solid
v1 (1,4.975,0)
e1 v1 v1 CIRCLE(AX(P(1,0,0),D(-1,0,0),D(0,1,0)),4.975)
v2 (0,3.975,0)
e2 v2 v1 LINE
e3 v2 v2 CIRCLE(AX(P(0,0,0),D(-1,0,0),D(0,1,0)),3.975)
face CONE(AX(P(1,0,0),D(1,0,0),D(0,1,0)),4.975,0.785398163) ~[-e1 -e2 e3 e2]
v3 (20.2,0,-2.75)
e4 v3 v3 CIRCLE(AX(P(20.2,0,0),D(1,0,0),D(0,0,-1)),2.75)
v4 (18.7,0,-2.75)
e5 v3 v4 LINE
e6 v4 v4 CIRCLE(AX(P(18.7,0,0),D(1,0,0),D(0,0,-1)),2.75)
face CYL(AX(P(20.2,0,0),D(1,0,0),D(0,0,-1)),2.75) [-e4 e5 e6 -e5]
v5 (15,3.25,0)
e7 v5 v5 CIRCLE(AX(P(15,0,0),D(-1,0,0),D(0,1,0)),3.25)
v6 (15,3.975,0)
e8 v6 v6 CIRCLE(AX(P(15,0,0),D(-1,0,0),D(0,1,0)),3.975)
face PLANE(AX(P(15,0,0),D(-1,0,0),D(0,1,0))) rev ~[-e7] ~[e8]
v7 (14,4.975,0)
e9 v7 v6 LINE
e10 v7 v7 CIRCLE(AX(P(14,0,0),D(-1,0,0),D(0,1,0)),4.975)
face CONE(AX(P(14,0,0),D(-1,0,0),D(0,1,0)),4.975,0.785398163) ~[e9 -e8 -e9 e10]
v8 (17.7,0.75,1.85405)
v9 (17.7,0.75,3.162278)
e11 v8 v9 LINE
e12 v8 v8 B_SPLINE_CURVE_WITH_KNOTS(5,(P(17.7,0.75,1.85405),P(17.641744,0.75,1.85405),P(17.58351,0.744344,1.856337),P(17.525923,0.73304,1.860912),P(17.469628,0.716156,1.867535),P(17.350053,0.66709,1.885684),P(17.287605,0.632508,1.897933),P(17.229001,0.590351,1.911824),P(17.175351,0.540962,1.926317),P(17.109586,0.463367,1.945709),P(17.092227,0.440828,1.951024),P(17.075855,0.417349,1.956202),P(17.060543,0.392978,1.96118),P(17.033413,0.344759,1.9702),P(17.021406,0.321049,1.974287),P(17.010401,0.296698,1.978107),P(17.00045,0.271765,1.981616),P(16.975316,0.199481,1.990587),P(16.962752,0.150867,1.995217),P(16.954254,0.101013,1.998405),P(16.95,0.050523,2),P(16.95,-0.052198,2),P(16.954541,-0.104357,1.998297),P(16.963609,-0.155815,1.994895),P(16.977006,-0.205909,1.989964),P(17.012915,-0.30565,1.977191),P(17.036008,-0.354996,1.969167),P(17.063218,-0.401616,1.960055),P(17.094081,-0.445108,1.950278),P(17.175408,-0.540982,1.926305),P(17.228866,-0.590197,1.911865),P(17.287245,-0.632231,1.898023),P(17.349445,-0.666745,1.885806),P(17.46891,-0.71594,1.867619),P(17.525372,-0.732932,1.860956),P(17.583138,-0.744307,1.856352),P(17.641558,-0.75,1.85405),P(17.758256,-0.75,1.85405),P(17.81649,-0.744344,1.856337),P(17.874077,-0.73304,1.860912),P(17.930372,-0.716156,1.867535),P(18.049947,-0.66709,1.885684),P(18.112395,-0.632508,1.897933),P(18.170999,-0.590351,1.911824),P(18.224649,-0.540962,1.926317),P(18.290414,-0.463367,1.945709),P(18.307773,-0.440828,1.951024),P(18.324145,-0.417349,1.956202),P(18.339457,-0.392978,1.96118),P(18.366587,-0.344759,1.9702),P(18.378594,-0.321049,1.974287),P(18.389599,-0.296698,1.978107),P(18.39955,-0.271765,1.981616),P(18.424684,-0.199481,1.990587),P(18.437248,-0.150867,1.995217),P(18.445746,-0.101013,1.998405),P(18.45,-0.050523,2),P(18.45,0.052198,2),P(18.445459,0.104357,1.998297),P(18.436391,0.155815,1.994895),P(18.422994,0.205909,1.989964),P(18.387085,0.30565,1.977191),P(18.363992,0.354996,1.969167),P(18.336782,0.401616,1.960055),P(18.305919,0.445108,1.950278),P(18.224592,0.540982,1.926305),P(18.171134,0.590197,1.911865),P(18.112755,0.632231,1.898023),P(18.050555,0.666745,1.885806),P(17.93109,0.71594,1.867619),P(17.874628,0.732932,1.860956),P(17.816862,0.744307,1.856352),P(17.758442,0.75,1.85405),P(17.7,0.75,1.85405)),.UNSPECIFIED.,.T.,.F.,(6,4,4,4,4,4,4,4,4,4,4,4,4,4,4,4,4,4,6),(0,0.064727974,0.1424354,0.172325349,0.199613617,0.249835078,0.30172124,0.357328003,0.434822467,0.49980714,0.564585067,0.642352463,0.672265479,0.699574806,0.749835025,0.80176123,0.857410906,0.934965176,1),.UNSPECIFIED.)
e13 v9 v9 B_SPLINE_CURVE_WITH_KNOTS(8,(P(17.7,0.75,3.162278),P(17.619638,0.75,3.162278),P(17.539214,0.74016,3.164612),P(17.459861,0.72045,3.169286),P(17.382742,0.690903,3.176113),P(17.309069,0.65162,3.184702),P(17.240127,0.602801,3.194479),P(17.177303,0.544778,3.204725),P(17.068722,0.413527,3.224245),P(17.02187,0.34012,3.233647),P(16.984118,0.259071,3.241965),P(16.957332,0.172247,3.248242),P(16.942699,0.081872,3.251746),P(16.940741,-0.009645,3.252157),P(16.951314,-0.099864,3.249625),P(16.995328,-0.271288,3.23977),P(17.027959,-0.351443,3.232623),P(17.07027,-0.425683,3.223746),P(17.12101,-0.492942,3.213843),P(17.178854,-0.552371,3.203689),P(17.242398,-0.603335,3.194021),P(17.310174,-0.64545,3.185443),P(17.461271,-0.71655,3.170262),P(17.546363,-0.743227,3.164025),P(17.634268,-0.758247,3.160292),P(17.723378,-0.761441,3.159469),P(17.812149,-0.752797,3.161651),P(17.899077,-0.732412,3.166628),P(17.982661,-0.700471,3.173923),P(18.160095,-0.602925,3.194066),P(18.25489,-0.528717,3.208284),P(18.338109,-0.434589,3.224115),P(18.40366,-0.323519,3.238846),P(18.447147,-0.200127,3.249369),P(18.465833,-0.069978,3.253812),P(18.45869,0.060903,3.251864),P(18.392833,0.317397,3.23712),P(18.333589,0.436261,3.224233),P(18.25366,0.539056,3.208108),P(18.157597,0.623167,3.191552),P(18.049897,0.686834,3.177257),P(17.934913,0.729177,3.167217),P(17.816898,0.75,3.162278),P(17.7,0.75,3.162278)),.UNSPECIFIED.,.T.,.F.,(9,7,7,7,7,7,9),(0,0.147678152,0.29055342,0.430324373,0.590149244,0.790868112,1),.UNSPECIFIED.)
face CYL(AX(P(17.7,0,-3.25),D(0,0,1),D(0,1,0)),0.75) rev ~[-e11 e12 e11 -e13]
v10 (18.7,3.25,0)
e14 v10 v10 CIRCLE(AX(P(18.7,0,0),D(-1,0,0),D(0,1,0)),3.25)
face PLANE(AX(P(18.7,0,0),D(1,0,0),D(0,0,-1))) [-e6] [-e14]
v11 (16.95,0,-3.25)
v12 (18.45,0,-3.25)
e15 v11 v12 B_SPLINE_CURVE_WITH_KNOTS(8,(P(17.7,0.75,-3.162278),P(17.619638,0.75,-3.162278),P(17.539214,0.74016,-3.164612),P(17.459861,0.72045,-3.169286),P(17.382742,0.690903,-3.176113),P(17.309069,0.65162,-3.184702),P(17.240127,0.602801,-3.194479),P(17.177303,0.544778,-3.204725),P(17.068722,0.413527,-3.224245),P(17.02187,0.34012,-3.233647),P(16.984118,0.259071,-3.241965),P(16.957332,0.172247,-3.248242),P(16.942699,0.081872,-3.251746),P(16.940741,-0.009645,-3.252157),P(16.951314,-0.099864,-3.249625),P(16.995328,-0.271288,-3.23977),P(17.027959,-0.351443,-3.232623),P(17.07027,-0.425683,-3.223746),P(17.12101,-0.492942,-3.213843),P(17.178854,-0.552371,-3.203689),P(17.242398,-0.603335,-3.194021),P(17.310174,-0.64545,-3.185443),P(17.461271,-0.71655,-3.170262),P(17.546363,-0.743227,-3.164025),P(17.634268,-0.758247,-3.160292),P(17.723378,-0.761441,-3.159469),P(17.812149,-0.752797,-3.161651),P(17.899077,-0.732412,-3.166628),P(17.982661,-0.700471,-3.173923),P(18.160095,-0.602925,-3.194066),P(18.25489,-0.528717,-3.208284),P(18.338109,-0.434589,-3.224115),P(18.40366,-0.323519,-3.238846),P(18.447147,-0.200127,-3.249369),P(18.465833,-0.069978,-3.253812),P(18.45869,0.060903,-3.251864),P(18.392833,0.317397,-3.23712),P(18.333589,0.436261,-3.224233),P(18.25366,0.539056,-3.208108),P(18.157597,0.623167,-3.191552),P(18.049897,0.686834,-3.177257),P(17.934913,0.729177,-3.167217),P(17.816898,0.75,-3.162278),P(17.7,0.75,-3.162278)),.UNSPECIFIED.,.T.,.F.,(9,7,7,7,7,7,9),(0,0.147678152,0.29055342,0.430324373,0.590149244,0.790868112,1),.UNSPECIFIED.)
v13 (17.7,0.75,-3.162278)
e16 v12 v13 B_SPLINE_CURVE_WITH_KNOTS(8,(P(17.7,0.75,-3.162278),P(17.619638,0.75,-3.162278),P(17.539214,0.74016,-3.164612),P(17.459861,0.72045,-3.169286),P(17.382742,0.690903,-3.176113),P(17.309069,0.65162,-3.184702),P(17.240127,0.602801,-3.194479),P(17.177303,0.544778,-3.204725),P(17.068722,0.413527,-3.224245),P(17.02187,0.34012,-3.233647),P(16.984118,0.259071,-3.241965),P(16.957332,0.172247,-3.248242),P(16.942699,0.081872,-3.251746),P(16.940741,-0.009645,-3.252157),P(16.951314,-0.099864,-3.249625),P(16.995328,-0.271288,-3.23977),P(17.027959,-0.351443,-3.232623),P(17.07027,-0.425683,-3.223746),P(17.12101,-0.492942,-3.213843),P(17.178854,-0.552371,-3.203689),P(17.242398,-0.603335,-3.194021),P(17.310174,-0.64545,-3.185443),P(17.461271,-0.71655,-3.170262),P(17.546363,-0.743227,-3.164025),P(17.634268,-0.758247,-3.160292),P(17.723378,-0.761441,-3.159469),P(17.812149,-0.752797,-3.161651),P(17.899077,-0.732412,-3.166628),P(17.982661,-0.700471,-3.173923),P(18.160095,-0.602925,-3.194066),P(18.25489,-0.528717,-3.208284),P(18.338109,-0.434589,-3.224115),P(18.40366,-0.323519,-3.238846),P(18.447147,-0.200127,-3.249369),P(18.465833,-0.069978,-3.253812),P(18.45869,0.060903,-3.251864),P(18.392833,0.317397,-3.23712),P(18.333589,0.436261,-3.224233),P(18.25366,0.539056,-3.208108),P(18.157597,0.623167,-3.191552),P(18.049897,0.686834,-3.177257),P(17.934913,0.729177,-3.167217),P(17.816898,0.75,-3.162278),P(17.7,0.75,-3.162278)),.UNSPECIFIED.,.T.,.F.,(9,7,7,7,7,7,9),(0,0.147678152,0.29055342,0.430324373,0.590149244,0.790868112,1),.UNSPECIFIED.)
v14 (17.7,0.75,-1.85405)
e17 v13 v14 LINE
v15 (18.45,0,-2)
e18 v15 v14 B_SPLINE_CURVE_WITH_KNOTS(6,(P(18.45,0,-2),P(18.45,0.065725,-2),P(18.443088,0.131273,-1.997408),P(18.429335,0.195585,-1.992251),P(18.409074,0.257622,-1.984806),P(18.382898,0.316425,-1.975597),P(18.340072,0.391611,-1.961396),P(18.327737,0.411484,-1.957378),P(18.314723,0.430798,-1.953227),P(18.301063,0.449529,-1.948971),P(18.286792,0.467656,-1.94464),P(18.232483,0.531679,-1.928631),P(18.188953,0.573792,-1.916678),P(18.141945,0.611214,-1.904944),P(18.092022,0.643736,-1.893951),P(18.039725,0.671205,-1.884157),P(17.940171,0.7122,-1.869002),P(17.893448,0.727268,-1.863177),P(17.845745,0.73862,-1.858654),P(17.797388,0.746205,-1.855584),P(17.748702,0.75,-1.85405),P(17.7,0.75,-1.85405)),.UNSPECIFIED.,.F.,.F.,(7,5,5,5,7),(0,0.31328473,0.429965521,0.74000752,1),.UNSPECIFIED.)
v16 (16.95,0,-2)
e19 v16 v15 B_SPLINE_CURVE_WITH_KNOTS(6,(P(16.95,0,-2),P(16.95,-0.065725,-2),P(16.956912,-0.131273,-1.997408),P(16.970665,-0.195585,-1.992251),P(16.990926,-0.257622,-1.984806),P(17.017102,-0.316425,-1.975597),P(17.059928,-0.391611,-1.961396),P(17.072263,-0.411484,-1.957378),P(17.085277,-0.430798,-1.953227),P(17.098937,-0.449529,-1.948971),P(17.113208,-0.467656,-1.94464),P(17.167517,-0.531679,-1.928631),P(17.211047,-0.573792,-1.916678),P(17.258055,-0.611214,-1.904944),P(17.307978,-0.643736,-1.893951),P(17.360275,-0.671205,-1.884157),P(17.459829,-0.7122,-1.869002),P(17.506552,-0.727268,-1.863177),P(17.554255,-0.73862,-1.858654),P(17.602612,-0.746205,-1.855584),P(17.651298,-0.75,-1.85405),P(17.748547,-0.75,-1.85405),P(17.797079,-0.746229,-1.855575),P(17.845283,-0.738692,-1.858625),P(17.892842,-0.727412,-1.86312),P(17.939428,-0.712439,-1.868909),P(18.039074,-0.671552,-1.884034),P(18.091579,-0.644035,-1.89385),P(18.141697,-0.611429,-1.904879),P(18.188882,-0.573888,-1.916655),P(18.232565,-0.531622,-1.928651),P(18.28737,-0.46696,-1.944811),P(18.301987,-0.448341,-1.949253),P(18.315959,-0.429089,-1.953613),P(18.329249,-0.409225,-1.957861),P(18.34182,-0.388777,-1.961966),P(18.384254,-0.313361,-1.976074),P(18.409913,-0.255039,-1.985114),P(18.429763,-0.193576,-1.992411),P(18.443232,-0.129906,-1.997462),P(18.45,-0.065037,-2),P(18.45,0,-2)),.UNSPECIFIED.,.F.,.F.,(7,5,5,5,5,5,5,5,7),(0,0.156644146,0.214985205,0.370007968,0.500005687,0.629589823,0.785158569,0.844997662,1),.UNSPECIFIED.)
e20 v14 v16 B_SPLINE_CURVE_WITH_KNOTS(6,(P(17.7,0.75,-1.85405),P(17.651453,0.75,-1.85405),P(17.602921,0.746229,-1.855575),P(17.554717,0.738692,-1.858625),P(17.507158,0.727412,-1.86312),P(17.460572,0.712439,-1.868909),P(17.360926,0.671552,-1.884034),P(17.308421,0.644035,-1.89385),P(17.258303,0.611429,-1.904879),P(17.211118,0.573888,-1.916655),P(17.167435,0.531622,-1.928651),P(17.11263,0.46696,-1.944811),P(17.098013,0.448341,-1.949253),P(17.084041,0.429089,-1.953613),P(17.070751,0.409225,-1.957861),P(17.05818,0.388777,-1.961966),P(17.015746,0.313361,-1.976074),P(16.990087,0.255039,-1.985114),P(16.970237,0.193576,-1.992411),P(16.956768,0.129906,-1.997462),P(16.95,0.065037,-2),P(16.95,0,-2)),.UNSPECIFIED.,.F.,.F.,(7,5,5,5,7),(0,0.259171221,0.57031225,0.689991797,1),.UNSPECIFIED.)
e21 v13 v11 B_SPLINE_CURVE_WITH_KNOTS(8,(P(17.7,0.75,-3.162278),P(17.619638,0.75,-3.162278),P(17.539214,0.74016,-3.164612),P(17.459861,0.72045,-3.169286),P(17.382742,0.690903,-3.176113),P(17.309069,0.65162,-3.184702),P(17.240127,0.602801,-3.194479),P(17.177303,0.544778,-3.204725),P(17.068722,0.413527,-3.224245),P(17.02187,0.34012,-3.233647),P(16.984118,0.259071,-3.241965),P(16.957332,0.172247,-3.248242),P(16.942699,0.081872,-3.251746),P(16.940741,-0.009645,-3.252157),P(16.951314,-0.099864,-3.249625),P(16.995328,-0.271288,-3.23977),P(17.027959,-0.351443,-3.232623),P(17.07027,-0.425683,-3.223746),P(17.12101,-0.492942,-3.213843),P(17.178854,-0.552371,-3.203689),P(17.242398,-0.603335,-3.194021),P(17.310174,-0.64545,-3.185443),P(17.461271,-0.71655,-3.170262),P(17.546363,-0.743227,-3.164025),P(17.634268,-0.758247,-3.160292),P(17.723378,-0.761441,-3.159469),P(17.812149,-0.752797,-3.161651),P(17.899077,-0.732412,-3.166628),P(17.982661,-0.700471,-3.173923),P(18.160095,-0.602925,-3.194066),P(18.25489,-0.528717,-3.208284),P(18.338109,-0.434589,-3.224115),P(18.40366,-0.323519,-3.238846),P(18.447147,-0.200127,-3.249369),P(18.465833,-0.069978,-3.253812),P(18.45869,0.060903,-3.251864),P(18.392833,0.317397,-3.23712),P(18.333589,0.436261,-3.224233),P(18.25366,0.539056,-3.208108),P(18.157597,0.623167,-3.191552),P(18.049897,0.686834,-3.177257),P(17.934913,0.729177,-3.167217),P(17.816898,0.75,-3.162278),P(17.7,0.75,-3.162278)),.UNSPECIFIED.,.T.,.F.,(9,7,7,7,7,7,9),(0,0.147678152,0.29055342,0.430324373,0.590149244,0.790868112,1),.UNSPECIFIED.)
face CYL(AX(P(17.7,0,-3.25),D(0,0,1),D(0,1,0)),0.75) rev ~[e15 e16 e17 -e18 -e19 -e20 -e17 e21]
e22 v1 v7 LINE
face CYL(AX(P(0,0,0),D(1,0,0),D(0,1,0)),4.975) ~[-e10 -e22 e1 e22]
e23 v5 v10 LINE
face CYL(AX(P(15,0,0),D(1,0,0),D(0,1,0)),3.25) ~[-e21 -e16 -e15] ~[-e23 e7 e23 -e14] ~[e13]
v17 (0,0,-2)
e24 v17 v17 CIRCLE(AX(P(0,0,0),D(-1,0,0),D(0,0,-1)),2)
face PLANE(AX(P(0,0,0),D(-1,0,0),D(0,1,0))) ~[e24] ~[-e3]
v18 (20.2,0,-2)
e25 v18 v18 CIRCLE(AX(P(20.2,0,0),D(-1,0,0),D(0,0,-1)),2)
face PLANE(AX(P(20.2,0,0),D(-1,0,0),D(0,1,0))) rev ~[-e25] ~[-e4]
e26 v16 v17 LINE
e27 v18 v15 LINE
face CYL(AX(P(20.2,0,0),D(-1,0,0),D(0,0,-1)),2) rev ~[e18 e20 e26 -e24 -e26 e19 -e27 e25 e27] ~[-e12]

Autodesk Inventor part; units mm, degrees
ref_plane "YZ Plane" through (0, 0, 0) normal (1, 0, 0) x (0, 1, 0)
ref_plane "XZ Plane" through (0, 0, 0) normal (0, 1, 0) x (-1, 0, 0)
sketch "Sketch1" plane through (0, 0, 0) normal (0, 0, 1) x (1, 0, 0)
  line L0 (0, 0) -> (0, 4.975)
  line L1 (0, 4.975) -> (15, 4.975)
  line L2 (15, 4.975) -> (15, 3.25)
  line L3 (15, 3.25) -> (20.2, 3.25)
  line L4 (20.2, 3.25) -> (20.2, 0)
  line L5 (20.2, 0) -> (0, 0)
  dimension "d2" = 20.2
  dimension "d3" = 15
  dimension "d19" = 9.95
  dimension "d20" = 6.5
revolve "Revolution1" add sketch "Sketch1" angle 360 about axis through (20.2, 0, 0) along (-1, 0, 0)
thread "Thread1" size "M10x1.5" class "6g" standard "ANSI Metric M Profile" full length
chamfer "Chamfer1" distance 1 angle 45 2 edges at (15, -4.975, 0) (0, -4.975, 0)
hole "Hole1" at (20.2, 0, 0) direction (-1, 0, 0) diameter 4 end through all
ref_plane "Work Plane1" through (17.6, 0, -3.25) normal (0, 0, 1) x (1, 0, 0)
sketch "Sketch2" plane through (17.6, 0, -3.25) normal (0, 0, 1) x (1, 0, 0)
  line L0 (2.6, -3.25) -> (2.6, 3.25) projected
  line L1 (-2.6, -3.25) -> (-2.6, 3.25) projected
  point P0 (-17.6, 0)
  point P1 (0.1, 0)
  point P2 (2.6, 0)
  dimension "d21" = 2.5
hole "Hole2" at (17.7, 0, -3.25) direction (0, 0, 1) diameter 1.5 end through all
sketch "Sketch3" plane through (20.2, 0, 0) normal (1, 0, 0) x (0, 0, -1)
  circle A0 centre (0, 0) radius 2.75
  circle A1 centre (0, 0) radius 3.25 projected
  dimension "d29" = 5.5
extrude "Extrusion1" cut sketch "Sketch3" against normal blind 1.5
properties part number "worm_1_20_conrad_with_bolt_hole" material "Steel"
